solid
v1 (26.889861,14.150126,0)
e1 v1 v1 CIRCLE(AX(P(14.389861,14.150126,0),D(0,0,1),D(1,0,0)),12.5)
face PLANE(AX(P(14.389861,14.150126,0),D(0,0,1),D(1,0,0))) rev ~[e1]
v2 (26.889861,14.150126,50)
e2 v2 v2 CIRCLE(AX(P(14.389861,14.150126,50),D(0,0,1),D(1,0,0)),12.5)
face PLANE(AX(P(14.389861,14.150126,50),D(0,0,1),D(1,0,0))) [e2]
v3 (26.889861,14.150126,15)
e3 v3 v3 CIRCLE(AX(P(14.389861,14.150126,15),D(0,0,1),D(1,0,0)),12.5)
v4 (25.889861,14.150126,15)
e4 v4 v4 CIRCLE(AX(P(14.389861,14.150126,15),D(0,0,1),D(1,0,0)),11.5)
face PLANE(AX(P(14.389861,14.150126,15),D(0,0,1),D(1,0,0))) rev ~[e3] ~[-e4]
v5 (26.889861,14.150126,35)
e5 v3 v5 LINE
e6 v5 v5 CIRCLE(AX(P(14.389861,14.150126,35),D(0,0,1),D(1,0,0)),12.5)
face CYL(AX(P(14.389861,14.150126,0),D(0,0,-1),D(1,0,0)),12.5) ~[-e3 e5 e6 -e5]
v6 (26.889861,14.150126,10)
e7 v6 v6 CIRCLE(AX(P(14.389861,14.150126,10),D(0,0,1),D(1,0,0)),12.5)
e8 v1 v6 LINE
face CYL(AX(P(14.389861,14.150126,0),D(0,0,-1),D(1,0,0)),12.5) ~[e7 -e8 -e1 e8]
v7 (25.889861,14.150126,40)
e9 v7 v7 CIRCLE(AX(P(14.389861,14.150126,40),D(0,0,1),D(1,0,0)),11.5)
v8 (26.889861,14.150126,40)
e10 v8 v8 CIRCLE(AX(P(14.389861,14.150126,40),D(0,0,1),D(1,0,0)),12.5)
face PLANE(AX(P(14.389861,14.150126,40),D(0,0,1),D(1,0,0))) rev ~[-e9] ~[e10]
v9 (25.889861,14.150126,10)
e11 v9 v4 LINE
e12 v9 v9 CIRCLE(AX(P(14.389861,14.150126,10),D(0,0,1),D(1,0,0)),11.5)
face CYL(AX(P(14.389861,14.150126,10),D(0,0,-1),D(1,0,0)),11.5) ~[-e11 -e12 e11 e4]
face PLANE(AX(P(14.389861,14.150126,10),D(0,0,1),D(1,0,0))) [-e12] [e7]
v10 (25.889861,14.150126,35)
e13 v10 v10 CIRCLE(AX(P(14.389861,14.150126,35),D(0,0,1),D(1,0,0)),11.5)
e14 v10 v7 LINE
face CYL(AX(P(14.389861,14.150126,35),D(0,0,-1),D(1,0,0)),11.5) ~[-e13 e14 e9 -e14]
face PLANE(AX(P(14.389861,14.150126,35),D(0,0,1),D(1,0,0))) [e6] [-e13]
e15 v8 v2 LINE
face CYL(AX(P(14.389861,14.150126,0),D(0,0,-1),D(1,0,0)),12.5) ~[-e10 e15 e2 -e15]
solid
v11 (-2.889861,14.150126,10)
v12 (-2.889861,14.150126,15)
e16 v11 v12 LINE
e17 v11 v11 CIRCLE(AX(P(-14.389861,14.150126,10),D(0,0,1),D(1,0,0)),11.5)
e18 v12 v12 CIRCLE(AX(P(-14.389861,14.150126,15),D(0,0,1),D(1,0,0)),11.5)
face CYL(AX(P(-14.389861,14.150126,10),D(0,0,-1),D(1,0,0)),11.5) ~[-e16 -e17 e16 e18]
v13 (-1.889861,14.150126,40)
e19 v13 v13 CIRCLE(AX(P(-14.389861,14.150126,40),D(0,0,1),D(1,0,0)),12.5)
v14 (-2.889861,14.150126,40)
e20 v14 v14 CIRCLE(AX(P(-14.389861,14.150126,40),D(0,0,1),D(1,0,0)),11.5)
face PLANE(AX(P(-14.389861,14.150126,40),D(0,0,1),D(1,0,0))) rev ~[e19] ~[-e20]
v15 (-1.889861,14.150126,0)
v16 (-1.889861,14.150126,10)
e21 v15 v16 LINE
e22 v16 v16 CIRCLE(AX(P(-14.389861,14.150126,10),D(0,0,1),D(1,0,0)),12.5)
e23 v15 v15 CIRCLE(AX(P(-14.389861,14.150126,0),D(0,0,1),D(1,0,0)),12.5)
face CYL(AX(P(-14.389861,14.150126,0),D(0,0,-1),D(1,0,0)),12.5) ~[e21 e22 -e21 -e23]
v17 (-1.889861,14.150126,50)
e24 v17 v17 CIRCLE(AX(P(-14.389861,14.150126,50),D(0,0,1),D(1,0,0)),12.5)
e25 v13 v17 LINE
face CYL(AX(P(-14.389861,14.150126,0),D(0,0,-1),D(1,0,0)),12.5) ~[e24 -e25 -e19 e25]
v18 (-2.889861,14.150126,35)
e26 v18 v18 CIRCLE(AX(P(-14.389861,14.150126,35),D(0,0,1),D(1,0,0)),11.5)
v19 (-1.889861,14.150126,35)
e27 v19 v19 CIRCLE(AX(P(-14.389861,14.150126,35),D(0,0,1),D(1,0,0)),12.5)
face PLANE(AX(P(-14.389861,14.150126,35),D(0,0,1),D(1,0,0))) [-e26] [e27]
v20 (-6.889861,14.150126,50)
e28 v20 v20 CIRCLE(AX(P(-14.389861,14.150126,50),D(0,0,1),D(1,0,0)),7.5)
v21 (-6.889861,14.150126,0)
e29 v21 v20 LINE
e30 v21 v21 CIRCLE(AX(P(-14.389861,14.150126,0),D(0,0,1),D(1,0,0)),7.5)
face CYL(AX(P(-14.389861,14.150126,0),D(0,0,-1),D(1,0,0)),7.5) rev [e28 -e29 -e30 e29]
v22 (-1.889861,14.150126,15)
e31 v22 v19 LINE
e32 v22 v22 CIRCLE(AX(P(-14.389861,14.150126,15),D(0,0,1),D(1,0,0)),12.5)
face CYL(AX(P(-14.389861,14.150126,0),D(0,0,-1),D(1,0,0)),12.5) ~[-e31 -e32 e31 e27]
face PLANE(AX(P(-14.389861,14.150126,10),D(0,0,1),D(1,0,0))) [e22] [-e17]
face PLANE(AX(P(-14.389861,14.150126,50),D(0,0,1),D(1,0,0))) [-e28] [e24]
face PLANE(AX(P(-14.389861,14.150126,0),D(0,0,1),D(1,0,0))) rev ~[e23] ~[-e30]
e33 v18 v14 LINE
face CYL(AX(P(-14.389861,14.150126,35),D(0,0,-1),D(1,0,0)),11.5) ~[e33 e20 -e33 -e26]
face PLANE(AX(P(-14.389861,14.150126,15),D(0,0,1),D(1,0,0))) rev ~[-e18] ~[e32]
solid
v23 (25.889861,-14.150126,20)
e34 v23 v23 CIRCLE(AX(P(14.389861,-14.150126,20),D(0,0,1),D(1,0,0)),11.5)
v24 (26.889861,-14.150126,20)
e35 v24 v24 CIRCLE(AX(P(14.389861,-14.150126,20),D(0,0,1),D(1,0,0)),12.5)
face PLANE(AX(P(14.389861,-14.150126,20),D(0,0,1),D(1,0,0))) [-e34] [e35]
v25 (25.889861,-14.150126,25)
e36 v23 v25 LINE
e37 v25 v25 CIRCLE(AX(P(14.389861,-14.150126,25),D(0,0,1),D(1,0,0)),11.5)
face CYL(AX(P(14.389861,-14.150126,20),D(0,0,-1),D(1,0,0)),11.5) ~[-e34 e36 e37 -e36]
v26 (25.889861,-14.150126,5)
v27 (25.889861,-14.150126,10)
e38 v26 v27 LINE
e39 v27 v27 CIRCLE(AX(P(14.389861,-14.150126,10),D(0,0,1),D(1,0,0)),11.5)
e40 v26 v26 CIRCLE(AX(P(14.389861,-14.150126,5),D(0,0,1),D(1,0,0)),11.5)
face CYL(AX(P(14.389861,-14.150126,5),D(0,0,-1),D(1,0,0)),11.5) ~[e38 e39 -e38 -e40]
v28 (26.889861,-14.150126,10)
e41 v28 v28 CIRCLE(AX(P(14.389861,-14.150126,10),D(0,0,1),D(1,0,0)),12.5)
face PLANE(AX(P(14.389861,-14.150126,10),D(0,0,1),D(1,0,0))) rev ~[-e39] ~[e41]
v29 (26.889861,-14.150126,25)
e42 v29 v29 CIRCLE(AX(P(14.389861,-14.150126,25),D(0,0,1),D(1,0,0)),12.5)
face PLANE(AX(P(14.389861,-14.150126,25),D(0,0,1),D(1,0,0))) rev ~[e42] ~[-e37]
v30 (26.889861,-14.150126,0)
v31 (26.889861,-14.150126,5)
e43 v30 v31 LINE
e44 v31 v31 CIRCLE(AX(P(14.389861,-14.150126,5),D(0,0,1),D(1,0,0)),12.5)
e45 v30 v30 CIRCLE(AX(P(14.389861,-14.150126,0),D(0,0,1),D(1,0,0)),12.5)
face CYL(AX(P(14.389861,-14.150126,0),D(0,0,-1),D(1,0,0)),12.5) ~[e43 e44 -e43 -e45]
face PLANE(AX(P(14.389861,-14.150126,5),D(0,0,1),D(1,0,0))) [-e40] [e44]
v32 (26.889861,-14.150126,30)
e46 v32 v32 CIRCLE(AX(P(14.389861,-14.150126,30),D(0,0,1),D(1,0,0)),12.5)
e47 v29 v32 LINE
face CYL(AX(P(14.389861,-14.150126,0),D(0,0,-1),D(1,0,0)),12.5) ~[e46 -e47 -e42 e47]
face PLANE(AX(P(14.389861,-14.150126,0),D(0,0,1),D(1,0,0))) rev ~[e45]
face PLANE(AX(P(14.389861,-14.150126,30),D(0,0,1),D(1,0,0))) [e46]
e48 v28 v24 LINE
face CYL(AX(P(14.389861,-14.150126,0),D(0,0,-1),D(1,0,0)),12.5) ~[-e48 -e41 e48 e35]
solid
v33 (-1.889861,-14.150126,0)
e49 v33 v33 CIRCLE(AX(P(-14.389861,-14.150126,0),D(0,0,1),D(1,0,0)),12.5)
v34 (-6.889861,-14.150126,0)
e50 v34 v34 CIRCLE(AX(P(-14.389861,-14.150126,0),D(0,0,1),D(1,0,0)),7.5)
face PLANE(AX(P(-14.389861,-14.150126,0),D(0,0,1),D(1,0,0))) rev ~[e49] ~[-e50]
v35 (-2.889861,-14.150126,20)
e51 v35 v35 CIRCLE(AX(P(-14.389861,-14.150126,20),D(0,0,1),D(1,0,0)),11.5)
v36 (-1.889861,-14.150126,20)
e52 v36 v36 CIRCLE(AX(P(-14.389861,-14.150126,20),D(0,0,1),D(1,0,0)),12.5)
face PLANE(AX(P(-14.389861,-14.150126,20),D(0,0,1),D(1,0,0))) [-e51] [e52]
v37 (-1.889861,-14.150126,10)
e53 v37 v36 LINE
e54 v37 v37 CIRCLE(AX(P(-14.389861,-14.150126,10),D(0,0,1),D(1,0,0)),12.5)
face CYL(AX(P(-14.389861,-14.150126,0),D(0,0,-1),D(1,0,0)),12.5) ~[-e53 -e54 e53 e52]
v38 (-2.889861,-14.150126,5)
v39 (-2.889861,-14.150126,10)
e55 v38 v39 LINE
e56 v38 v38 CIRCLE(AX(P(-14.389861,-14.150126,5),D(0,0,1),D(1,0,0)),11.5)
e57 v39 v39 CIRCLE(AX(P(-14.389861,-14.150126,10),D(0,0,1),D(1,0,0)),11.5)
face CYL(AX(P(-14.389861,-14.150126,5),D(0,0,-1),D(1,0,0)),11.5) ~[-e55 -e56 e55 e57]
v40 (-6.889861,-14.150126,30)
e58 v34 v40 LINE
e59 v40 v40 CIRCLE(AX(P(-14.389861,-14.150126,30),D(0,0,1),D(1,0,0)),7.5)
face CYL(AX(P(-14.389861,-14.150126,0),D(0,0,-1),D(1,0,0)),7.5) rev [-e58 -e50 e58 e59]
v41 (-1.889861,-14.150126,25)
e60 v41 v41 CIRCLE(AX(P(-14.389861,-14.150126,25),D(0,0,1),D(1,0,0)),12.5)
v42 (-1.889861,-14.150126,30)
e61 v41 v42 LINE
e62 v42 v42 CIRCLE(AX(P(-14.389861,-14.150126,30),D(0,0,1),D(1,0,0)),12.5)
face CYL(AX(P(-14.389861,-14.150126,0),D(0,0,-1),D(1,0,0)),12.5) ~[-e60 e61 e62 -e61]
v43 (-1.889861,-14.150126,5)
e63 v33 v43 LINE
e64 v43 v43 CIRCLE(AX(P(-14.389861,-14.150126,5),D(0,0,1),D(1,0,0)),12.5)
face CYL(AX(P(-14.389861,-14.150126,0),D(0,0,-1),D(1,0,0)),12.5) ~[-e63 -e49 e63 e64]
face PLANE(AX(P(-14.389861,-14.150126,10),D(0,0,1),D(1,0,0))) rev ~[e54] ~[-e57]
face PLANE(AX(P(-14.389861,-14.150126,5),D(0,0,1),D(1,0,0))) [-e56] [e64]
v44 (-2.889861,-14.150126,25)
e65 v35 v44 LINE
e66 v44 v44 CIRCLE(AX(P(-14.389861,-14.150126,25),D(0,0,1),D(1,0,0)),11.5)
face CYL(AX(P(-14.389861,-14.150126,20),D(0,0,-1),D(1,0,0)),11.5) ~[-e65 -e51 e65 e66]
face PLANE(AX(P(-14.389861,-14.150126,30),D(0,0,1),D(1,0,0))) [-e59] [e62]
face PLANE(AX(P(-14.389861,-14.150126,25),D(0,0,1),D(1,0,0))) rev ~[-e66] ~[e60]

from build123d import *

# Parameters (mm, degrees)
F0_R     = 12.5
F0_R_2   = 11.5
F0_R_3   = 7.5
F1_DEPTH = 50
F2_DEPTH = 30
F3_START = 10
F3_DEPTH = 5
F4_START = 35
F4_DEPTH = 5
F5_START = 5
F5_DEPTH = 5
F6_START = 20
F6_DEPTH = 5


with BuildPart() as f1:
    # F0 (on Top) → F1 (new body)
    with BuildSketch(Plane.XY):
        with Locations((14.3898613751, 14.1501259059)):
            Circle(F0_R)
        with Locations((14.3898613751, 14.1501259059)):
            Circle(F0_R_2, mode=Mode.SUBTRACT)
        with Locations((14.3898613751, 14.1501259059)):
            Circle(F0_R_2)
        with Locations((14.3898613751, 14.1501259059)):
            Circle(F0_R_3, mode=Mode.SUBTRACT)
        with Locations((14.3898613751, 14.1501259059)):
            Circle(F0_R_3)
    extrude(amount=F1_DEPTH)


with BuildPart() as f1b:
    # F0 (on Top) → F1, piece 2 (new body)
    with BuildSketch(Plane.XY):
        with Locations((-14.3898613751, 14.1501259059)):
            Circle(F0_R)
        with Locations((-14.3898613751, 14.1501259059)):
            Circle(F0_R_2, mode=Mode.SUBTRACT)
        with Locations((-14.3898613751, 14.1501259059)):
            Circle(F0_R_2)
        with Locations((-14.3898613751, 14.1501259059)):
            Circle(F0_R_3, mode=Mode.SUBTRACT)
    extrude(amount=F1_DEPTH)


with BuildPart() as f2:
    # F0 (on Top) → F2 (new body)
    with BuildSketch(Plane.XY):
        with Locations((14.3898613751, -14.1501259059)):
            Circle(F0_R)
        with Locations((14.3898613751, -14.1501259059)):
            Circle(F0_R_2, mode=Mode.SUBTRACT)
        with Locations((14.3898613751, -14.1501259059)):
            Circle(F0_R_2)
        with Locations((14.3898613751, -14.1501259059)):
            Circle(F0_R_3, mode=Mode.SUBTRACT)
        with Locations((14.3898613751, -14.1501259059)):
            Circle(F0_R_3)
    extrude(amount=F2_DEPTH)


with BuildPart() as f2b:
    # F0 (on Top) → F2, piece 2 (new body)
    with BuildSketch(Plane.XY):
        with Locations((-14.3898613751, -14.1501259059)):
            Circle(F0_R)
        with Locations((-14.3898613751, -14.1501259059)):
            Circle(F0_R_2, mode=Mode.SUBTRACT)
        with Locations((-14.3898613751, -14.1501259059)):
            Circle(F0_R_2)
        with Locations((-14.3898613751, -14.1501259059)):
            Circle(F0_R_3, mode=Mode.SUBTRACT)
    extrude(amount=F2_DEPTH)


with BuildPart() as f3_tool:
    # F0 (on Top) → F3 (new body)
    with BuildSketch(Plane.XY.offset(F3_START)):
        with Locations((-14.3898613751, 14.1501259059)):
            Circle(F0_R)
        with Locations((-14.3898613751, 14.1501259059)):
            Circle(F0_R_2, mode=Mode.SUBTRACT)
        with Locations((14.3898613751, 14.1501259059)):
            Circle(F0_R)
        with Locations((14.3898613751, 14.1501259059)):
            Circle(F0_R_2, mode=Mode.SUBTRACT)
    extrude(amount=F3_DEPTH)


with BuildPart() as f1_1:
    add(f1.part)

    # F3: cut by f3_tool
    add(f3_tool.part, mode=Mode.SUBTRACT)


with BuildPart() as f1b_1:
    add(f1b.part)

    # F3: cut by f3_tool
    add(f3_tool.part, mode=Mode.SUBTRACT)


with BuildPart() as f4_tool:
    # F0 (on Top) → F4 (new body)
    with BuildSketch(Plane.XY.offset(F4_START)):
        with Locations((-14.3898613751, 14.1501259059)):
            Circle(F0_R)
        with Locations((-14.3898613751, 14.1501259059)):
            Circle(F0_R_2, mode=Mode.SUBTRACT)
        with Locations((14.3898613751, 14.1501259059)):
            Circle(F0_R)
        with Locations((14.3898613751, 14.1501259059)):
            Circle(F0_R_2, mode=Mode.SUBTRACT)
    extrude(amount=F4_DEPTH)


with BuildPart() as f1_2:
    add(f1_1.part)

    # F4: cut by f4_tool
    add(f4_tool.part, mode=Mode.SUBTRACT)


with BuildPart() as f1b_2:
    add(f1b_1.part)

    # F4: cut by f4_tool
    add(f4_tool.part, mode=Mode.SUBTRACT)


with BuildPart() as f5_tool:
    # F0 (on Top) → F5 (new body)
    with BuildSketch(Plane.XY.offset(F5_START)):
        with Locations((-14.3898613751, -14.1501259059)):
            Circle(F0_R)
        with Locations((-14.3898613751, -14.1501259059)):
            Circle(F0_R_2, mode=Mode.SUBTRACT)
        with Locations((14.3898613751, -14.1501259059)):
            Circle(F0_R)
        with Locations((14.3898613751, -14.1501259059)):
            Circle(F0_R_2, mode=Mode.SUBTRACT)
    extrude(amount=F5_DEPTH)


with BuildPart() as f2_1:
    add(f2.part)

    # F5: cut by f5_tool
    add(f5_tool.part, mode=Mode.SUBTRACT)


with BuildPart() as f2b_1:
    add(f2b.part)

    # F5: cut by f5_tool
    add(f5_tool.part, mode=Mode.SUBTRACT)


with BuildPart() as f6_tool:
    # F0 (on Top) → F6 (new body)
    with BuildSketch(Plane.XY.offset(F6_START)):
        with Locations((-14.3898613751, -14.1501259059)):
            Circle(F0_R)
        with Locations((-14.3898613751, -14.1501259059)):
            Circle(F0_R_2, mode=Mode.SUBTRACT)
        with Locations((14.3898613751, -14.1501259059)):
            Circle(F0_R)
        with Locations((14.3898613751, -14.1501259059)):
            Circle(F0_R_2, mode=Mode.SUBTRACT)
    extrude(amount=F6_DEPTH)


with BuildPart() as f2_2:
    add(f2_1.part)

    # F6: cut by f6_tool
    add(f6_tool.part, mode=Mode.SUBTRACT)


with BuildPart() as f2b_2:
    add(f2b_1.part)

    # F6: cut by f6_tool
    add(f6_tool.part, mode=Mode.SUBTRACT)


solid = Compound([f1_2.part, f1b_2.part, f2_2.part, f2b_2.part])
